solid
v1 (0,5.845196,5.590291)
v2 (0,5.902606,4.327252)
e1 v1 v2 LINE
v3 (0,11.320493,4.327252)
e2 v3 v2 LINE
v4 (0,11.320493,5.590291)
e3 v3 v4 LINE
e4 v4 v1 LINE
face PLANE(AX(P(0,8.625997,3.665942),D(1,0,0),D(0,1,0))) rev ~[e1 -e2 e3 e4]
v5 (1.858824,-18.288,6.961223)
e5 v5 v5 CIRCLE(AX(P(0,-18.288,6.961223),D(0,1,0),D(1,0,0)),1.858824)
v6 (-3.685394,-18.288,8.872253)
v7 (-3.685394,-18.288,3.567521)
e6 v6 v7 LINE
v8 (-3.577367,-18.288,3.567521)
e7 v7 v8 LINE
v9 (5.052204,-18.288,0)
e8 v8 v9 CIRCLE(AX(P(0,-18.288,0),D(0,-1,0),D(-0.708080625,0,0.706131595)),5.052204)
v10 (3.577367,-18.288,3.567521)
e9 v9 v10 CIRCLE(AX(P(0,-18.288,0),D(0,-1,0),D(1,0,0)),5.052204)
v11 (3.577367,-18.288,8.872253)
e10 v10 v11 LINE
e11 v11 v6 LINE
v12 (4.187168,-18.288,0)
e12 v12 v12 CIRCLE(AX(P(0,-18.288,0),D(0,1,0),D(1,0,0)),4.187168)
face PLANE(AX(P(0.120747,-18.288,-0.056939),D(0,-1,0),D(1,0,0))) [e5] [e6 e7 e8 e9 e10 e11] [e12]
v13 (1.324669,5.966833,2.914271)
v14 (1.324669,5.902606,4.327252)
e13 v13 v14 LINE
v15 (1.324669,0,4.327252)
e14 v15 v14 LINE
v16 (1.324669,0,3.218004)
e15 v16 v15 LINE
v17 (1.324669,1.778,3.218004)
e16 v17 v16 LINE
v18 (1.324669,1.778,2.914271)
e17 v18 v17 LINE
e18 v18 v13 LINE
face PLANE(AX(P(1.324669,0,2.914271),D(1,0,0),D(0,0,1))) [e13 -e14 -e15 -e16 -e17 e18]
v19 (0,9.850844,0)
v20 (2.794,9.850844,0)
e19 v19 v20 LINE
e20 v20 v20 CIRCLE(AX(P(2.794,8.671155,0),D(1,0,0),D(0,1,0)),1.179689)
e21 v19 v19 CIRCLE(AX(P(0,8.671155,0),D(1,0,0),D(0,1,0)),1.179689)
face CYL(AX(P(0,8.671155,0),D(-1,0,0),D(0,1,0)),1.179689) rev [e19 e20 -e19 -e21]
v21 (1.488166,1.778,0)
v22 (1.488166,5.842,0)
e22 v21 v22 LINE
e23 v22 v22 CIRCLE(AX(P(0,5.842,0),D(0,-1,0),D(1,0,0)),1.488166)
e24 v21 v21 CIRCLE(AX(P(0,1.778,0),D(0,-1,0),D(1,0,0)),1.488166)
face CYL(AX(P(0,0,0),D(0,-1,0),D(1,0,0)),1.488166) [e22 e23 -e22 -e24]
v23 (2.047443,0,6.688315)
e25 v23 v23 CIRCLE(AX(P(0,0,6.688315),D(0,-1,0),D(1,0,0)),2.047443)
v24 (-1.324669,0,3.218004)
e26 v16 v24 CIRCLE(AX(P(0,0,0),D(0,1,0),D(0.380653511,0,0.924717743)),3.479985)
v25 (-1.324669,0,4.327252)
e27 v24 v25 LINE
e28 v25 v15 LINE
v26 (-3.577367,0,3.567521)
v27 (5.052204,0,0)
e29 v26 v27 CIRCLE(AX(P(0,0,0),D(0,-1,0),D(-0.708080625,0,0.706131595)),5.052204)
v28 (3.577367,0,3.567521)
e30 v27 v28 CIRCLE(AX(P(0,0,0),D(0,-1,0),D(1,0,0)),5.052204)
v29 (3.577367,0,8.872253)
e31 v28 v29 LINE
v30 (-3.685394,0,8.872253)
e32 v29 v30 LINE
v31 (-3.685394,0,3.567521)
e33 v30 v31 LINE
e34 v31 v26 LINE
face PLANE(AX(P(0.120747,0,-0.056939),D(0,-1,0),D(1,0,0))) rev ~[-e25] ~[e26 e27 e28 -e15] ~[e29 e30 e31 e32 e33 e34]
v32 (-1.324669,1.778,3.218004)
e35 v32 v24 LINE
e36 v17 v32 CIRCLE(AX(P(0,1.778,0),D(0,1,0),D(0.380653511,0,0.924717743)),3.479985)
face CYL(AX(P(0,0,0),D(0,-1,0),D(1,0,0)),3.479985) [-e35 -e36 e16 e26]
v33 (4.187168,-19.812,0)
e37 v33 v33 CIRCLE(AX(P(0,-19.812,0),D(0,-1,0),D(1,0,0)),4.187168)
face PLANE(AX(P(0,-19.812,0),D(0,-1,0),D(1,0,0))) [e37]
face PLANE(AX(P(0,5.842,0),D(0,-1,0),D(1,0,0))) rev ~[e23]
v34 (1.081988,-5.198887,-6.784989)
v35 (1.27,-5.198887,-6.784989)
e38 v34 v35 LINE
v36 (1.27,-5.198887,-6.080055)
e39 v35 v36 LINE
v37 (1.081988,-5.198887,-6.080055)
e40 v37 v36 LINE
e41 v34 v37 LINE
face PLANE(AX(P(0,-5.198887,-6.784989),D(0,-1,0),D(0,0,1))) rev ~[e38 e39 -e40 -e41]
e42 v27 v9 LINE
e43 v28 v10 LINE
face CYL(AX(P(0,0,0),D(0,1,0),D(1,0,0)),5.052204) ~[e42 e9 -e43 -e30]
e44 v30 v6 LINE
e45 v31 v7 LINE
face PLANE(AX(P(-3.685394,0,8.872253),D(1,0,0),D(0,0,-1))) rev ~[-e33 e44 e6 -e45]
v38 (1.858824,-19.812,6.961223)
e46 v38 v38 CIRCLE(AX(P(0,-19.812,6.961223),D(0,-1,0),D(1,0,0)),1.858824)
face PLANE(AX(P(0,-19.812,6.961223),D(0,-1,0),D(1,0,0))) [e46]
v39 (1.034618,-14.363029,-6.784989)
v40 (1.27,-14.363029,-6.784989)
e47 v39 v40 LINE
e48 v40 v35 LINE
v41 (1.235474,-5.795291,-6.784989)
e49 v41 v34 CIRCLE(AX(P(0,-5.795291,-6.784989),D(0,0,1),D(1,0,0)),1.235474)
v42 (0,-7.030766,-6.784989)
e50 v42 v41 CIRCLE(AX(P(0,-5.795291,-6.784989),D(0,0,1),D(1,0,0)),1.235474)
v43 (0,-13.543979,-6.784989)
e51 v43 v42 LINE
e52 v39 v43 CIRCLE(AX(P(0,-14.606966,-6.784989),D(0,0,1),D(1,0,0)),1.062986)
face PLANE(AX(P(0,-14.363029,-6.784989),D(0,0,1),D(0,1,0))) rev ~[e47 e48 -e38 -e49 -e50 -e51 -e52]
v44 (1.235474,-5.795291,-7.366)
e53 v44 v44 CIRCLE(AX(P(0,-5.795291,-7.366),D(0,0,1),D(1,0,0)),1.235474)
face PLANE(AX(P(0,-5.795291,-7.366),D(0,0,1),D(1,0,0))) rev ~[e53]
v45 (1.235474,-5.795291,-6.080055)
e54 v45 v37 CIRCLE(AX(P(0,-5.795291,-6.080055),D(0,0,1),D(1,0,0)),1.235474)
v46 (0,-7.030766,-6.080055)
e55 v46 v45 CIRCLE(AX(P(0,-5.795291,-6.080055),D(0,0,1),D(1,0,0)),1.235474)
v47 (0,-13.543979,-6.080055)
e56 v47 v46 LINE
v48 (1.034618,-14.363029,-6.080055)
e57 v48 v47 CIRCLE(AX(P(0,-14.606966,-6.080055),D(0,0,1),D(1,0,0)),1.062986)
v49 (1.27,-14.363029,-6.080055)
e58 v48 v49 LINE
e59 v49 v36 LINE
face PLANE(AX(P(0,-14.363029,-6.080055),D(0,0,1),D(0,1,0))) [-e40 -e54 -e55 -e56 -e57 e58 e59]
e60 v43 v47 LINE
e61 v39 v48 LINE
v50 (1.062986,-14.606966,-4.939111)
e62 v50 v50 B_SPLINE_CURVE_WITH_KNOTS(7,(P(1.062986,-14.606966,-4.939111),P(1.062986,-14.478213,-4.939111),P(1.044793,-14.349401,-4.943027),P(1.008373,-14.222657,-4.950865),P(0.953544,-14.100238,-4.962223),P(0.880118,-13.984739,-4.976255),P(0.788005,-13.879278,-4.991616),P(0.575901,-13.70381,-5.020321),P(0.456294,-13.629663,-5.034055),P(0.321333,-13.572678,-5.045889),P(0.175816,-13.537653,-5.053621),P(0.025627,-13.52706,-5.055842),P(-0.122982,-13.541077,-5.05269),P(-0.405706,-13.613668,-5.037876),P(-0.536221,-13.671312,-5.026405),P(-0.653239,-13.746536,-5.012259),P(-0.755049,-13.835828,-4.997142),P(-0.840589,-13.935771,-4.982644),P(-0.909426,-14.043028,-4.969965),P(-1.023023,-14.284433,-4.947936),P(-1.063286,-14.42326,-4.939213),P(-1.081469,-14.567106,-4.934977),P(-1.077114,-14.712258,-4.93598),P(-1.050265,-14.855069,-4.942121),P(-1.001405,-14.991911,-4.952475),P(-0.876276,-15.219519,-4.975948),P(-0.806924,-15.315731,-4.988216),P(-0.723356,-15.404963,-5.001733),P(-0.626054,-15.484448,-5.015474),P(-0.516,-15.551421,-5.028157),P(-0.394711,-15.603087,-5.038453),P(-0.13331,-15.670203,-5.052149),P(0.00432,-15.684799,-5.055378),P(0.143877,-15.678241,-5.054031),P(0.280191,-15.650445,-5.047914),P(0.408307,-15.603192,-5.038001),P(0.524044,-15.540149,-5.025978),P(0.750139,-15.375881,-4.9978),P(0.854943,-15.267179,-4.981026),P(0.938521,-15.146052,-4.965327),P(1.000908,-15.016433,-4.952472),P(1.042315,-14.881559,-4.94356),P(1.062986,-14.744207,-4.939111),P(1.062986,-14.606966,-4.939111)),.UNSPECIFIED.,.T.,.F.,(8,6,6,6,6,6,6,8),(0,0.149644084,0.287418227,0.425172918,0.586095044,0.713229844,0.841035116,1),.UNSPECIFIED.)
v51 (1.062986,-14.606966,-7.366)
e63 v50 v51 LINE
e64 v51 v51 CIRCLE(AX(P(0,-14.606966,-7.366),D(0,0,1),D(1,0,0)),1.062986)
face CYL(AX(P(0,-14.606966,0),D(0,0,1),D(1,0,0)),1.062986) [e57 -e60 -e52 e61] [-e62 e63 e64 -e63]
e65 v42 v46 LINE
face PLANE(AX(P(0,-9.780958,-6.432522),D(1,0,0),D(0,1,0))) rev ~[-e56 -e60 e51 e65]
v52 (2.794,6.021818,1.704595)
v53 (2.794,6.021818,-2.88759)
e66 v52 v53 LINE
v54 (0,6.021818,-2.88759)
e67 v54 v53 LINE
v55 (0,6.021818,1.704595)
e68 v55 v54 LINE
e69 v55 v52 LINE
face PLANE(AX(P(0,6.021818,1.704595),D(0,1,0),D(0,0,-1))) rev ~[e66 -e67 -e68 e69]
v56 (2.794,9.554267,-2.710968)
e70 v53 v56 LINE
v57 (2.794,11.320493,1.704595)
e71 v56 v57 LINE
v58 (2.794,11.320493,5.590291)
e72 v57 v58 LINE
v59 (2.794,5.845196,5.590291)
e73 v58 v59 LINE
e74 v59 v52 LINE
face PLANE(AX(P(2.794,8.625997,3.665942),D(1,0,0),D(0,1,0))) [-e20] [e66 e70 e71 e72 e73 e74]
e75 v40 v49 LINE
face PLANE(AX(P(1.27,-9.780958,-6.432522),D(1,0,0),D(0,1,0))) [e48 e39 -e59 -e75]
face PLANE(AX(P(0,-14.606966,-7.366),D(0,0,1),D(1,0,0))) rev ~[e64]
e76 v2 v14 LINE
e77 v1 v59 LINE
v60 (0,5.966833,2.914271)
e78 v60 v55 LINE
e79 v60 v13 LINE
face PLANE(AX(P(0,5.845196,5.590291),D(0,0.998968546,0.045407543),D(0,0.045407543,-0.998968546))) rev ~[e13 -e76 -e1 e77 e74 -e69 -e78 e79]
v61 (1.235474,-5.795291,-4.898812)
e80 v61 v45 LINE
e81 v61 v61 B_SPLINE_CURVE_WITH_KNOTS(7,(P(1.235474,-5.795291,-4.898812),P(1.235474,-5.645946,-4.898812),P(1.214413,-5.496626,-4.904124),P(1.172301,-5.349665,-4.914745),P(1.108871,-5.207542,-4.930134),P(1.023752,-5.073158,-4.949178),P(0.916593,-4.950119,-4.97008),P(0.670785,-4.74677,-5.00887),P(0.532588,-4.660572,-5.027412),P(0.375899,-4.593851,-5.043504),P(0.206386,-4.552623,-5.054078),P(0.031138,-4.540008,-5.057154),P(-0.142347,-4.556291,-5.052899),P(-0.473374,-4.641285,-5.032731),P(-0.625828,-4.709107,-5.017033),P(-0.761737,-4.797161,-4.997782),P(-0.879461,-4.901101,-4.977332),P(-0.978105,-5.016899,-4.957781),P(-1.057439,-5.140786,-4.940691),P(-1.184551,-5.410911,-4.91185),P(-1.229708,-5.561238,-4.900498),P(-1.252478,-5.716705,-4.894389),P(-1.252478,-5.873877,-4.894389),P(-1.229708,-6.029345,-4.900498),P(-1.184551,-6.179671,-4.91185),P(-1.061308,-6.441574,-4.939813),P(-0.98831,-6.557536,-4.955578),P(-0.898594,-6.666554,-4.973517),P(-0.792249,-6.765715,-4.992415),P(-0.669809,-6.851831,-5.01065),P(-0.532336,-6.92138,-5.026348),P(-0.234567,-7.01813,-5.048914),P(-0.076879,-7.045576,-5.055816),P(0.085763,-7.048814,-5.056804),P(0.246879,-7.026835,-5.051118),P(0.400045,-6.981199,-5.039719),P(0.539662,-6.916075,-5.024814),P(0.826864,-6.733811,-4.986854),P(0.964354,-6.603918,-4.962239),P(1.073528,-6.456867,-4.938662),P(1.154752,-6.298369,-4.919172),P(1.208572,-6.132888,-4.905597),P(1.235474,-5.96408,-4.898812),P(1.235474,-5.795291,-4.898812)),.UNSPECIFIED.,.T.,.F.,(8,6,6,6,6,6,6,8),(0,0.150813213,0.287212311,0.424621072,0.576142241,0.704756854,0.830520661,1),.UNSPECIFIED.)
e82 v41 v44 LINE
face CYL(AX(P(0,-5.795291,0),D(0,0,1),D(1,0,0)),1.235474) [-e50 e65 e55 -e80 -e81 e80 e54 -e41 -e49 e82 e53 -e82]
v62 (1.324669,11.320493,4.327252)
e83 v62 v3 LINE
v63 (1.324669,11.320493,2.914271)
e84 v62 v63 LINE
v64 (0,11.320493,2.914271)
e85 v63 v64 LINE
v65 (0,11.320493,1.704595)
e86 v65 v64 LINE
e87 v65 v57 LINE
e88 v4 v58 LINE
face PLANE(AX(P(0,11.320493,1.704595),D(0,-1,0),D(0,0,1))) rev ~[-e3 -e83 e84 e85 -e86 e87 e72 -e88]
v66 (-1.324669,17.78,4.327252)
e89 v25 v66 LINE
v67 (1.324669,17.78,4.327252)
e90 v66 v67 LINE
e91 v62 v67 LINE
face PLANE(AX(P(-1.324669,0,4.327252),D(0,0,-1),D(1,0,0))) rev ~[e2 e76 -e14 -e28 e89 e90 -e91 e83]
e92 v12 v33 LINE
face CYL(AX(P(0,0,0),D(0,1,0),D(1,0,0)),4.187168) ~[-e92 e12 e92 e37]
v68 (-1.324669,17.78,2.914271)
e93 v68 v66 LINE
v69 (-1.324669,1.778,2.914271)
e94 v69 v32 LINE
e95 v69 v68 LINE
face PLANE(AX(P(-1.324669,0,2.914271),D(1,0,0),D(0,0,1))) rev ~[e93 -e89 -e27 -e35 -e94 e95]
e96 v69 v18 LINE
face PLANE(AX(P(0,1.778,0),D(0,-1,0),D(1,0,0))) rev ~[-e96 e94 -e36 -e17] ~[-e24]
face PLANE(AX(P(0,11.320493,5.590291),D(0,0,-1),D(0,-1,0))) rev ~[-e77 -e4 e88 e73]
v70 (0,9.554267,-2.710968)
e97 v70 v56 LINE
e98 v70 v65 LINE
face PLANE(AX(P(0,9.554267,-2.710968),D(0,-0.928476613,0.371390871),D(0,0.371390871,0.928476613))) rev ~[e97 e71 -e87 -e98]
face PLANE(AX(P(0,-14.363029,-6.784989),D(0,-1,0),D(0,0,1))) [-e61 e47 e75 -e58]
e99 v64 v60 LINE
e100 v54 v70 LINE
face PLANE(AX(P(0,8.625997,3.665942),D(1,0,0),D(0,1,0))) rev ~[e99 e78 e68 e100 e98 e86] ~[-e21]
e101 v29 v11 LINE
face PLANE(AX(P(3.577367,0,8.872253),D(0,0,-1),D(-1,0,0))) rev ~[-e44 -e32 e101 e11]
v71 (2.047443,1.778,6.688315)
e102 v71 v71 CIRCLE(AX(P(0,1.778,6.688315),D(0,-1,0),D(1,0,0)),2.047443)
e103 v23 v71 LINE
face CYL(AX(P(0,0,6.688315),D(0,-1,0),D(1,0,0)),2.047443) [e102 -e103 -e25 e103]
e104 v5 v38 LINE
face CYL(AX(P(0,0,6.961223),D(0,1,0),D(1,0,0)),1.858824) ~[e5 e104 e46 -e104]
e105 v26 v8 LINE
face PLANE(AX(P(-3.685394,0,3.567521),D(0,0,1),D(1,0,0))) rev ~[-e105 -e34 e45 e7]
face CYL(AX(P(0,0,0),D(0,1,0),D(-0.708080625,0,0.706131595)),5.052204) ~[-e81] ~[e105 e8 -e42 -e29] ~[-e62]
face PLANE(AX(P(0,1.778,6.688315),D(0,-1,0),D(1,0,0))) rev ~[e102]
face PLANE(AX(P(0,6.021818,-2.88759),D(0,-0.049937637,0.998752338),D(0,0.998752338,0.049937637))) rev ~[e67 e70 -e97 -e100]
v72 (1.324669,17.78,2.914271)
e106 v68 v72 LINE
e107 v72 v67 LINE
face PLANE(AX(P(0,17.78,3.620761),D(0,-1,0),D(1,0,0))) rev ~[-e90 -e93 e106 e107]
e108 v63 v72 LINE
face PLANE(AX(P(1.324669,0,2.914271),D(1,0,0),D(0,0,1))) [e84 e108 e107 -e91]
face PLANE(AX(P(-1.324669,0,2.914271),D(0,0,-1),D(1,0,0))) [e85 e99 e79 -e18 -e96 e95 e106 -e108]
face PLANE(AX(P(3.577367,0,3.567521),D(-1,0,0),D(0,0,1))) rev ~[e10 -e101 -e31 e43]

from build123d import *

# Parameters (mm, degrees)
F1_DEPTH  = 18.288
F2_R      = 3.4799850438
F2_R_2    = 2.0474430639
F3_DEPTH  = 1.778
F4_R      = 4.1871679965
F4_R_2    = 1.8588242599
F5_DEPTH  = 19.812
F6_R      = 1.062986484
F6_R_2    = 1.2354744031
F7_DEPTH  = 7.366
F8_W      = 9.1641424224
F8_H      = 0.7049338892
F9_DEPTH  = 1.27
F10_W     = 2.6493370533
F10_H     = 1.4129802585
F11_DEPTH = 17.78
F12_R     = 1.1796889781
F13_DEPTH = 2.794
F14_R     = 1.4881662005
F15_DEPTH = 5.842


with BuildPart() as f1:
    # F0 (on Front) → F1 (new body)
    with BuildSketch(Plane.XZ):
        with BuildLine():
            ThreePointArc((-3.577367444, 3.5675205461), (-1.9301777364, -4.6689586186), (5.0522035466, 0))
            ThreePointArc((5.0522035466, 0), (4.6689586186, 1.9301777364), (3.577367444, 3.5675205461))
            Line((3.577367444, 3.5675205461), (-3.577367444, 3.5675205461))
        make_face()
        with BuildLine():
            Line((-3.577367444, 3.5675205461), (3.577367444, 3.5675205461))
            ThreePointArc((3.577367444, 3.5675205461), (0, 5.0522035466), (-3.577367444, 3.5675205461))
        make_face()
        with BuildLine():
            ThreePointArc((-3.577367444, 3.5675205461), (0, 5.0522035466), (3.577367444, 3.5675205461))
            Line((3.577367444, 3.5675205461), (3.577367444, 8.872252889))
            Line((3.577367444, 8.872252889), (-3.6853936035, 8.872252889))
            Line((-3.6853936035, 8.872252889), (-3.6853936035, 3.5675205461))
            Line((-3.6853936035, 3.5675205461), (-3.577367444, 3.5675205461))
        make_face()
    extrude(amount=F1_DEPTH)

    # F2 (on Front) → F3 (join)
    with BuildSketch(Plane.XZ):
        Circle(F2_R)
        with Locations((0, 6.6883149557)):
            Circle(F2_R_2)
    extrude(amount=-F3_DEPTH)

    # F4 (on Front) → F5 (join)
    with BuildSketch(Plane.XZ):
        Circle(F4_R)
        with Locations((0, 6.961222738)):
            Circle(F4_R_2)
    extrude(amount=F5_DEPTH)

    # F6 (on Top) → F7 (join)
    with BuildSketch(Plane.XY):
        with Locations((0, -14.6069657058)):
            Circle(F6_R)
        with Locations((0, -5.7952911593)):
            Circle(F6_R_2)
    extrude(amount=-F7_DEPTH)

    # F8 (on Right) → F9 (join)
    with BuildSketch(Plane.YZ):
        with Locations((-9.7809578292, -6.4325220883)):
            Rectangle(F8_W, F8_H)
    extrude(amount=F9_DEPTH)

    # F10 (on Front) → F11 (join)
    with BuildSketch(Plane.XZ):
        with Locations((0, 3.6207614467)):
            Rectangle(F10_W, F10_H)
    extrude(amount=-F11_DEPTH)

    # F12 (on Right) → F13 (join)
    with BuildSketch(Plane.YZ):
        Polygon((11.320493184, 5.5902907625), (5.8451956138, 5.5902907625), (6.0218176804, 1.7045951681), (11.320493184, 1.7045951681), align=None)
        Polygon((11.320493184, 1.7045951681), (6.0218176804, 1.7045951681), (6.0218176804, -2.8875903226), (9.5542669296, -2.7109677903), align=None)
        with Locations((8.6711554322, 0)):
            Circle(F12_R, mode=Mode.SUBTRACT)
    extrude(amount=F13_DEPTH)

    # F14 (on Front) → F15 (join)
    with BuildSketch(Plane.XZ):
        Circle(F14_R)
    extrude(amount=-F15_DEPTH)


solid = f1.part
